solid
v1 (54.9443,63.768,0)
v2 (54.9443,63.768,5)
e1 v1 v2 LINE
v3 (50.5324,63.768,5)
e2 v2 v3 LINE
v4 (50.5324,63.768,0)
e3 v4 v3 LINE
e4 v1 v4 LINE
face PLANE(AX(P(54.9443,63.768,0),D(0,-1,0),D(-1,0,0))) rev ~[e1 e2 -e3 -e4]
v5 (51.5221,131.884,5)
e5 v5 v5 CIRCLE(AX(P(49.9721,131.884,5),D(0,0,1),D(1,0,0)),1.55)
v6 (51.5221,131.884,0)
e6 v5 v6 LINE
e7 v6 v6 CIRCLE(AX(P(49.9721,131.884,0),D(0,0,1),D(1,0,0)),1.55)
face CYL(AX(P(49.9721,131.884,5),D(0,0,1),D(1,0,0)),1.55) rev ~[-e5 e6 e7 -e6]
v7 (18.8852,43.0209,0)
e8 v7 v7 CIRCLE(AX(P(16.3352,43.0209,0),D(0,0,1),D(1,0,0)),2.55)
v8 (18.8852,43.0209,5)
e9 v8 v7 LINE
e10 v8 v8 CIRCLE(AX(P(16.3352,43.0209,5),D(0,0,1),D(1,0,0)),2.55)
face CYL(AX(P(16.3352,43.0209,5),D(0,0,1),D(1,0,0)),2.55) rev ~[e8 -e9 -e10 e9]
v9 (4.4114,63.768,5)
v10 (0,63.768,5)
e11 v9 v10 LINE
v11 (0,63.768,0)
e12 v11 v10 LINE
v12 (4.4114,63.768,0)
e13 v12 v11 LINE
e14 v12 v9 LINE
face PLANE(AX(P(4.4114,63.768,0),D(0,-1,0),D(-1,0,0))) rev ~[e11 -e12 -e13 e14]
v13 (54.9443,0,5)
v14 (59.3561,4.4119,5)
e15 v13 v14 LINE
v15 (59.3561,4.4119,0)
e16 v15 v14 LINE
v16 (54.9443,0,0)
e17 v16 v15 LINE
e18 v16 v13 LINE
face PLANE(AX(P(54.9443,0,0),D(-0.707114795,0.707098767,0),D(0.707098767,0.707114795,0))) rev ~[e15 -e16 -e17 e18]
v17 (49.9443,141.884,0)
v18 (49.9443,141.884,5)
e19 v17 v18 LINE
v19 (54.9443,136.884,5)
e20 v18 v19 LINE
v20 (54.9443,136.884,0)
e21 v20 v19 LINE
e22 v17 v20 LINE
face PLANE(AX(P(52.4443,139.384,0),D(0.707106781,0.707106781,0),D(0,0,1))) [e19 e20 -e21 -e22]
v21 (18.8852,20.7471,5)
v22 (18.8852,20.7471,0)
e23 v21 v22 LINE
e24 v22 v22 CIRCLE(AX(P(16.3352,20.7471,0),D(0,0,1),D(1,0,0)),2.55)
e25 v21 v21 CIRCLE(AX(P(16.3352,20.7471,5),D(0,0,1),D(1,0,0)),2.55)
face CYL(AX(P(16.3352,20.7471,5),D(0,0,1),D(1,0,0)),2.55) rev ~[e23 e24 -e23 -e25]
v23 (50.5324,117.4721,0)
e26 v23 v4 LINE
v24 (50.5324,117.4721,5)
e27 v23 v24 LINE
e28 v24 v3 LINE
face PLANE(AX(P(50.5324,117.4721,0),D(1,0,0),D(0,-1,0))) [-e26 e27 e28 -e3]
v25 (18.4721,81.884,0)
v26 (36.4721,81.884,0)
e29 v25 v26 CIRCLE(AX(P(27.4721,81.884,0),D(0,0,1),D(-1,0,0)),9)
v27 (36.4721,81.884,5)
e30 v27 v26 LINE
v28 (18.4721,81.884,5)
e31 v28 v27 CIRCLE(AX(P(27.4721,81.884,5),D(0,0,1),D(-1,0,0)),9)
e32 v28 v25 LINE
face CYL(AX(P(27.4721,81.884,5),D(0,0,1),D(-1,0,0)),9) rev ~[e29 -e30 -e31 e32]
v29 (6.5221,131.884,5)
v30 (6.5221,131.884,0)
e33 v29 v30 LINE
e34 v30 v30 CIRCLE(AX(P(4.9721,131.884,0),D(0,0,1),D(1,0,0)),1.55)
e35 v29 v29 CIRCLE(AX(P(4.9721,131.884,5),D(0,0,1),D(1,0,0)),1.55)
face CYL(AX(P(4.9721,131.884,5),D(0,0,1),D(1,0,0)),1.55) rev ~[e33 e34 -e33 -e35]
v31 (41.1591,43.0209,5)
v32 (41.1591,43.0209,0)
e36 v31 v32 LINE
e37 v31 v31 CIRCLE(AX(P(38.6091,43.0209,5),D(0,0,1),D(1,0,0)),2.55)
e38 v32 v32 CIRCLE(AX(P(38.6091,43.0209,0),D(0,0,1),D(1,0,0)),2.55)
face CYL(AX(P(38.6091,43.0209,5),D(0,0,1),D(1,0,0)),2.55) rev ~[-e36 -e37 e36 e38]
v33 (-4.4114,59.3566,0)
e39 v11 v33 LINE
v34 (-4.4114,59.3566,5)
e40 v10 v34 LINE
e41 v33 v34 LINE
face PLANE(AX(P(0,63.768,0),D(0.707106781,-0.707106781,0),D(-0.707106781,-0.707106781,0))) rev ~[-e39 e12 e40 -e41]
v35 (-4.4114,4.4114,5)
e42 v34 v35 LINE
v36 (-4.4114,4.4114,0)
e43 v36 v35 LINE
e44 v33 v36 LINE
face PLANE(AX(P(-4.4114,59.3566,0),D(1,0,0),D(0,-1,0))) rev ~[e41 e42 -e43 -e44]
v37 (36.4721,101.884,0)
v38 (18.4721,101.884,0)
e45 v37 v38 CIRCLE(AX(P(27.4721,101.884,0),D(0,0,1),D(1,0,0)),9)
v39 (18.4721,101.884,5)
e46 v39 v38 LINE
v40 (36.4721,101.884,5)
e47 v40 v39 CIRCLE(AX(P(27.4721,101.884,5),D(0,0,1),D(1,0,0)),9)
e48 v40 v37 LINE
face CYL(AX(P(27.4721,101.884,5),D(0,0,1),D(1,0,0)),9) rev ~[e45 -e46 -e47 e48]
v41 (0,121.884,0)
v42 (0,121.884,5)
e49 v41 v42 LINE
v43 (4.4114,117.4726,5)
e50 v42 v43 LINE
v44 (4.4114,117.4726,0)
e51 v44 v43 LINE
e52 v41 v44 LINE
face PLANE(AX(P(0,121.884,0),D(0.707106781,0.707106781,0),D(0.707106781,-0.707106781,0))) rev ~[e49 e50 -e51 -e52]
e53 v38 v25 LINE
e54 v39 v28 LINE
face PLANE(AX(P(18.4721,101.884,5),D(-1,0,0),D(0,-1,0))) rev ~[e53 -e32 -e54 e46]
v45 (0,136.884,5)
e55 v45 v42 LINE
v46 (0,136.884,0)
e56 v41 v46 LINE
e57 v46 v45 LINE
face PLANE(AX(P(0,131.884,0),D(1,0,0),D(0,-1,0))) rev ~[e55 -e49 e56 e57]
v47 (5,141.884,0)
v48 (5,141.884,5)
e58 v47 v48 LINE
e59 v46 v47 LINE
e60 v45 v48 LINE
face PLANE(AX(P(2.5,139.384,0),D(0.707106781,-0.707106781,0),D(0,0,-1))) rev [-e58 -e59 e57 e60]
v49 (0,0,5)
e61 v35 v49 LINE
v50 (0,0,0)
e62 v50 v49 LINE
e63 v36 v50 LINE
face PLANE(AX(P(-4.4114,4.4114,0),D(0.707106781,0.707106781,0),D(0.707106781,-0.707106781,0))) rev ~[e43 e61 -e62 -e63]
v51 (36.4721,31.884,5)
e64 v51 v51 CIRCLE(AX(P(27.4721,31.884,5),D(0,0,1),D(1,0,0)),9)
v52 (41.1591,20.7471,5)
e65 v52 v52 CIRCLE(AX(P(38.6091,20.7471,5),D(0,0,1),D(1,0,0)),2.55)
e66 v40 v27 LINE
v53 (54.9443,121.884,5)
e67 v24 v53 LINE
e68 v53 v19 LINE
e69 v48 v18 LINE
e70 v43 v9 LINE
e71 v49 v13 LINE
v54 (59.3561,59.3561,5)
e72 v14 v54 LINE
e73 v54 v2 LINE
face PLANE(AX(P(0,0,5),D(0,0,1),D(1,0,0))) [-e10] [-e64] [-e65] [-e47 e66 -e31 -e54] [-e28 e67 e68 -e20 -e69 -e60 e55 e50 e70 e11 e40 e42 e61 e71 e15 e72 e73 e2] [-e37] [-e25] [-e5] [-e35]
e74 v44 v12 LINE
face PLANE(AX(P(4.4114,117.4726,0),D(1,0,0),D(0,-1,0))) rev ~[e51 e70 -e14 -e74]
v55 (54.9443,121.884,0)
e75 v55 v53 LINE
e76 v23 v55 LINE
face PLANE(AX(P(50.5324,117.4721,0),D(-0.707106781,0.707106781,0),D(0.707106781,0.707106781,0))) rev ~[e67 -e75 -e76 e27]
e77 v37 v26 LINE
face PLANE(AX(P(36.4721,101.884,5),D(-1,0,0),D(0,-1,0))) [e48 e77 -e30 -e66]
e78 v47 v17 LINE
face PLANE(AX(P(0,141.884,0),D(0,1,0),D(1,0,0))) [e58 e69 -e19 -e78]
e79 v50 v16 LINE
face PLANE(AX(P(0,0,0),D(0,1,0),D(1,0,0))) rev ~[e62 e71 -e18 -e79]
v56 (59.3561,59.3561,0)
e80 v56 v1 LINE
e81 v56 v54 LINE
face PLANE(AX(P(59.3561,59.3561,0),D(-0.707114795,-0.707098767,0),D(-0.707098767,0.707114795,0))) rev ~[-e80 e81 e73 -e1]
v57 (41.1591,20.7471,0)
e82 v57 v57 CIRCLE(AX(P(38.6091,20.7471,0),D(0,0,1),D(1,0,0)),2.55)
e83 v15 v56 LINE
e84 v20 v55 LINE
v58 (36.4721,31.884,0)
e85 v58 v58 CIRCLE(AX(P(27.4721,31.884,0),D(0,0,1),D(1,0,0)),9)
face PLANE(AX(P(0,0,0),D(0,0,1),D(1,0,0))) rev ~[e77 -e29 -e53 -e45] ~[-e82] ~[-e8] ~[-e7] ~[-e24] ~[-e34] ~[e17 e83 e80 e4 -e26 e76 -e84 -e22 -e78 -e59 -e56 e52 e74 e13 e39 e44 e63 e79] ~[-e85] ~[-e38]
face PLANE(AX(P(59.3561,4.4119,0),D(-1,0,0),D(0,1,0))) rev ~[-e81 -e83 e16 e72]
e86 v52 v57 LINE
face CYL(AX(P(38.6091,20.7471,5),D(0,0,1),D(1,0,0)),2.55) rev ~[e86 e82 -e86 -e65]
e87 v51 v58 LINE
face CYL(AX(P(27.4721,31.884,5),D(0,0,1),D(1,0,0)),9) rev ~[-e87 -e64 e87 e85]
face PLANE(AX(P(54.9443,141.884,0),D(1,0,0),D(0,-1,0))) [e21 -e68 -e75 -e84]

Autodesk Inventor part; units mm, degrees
ref_plane "YZ Plane" through (0, 0, 0) normal (1, 0, 0) x (0, 1, 0)
ref_plane "XZ Plane" through (0, 0, 0) normal (0, 1, 0) x (-1, 0, 0)
ref_plane "XY Plane" through (0, 0, 0) normal (0, 0, 1) x (1, 0, 0)
sketch "Sketch1" plane through (0, 0, 0) normal (0, 0, 1) x (1, 0, 0)
  line L0 (0, 0) -> (54.9443, 0)
  line L1 (54.9443, 0) -> (59.3561, 4.4119)
  line L2 (59.3561, 4.4119) -> (59.3561, 59.3561)
  line L3 (59.3561, 59.3561) -> (54.9443, 63.768)
  line L4 (54.9443, 63.768) -> (0, 63.768)
  line L5 (0, 63.768) -> (-4.4114, 59.3566)
  line L6 (-4.4114, 59.3566) -> (-4.4114, 4.4114)
  line L7 (-4.4114, 4.4114) -> (0, 0)
  circle A0 centre (38.6091, 43.0209) radius 2.5
  circle A1 centre (16.3352, 43.0209) radius 2.5
  circle A2 centre (38.6091, 20.7471) radius 2.5
  circle A3 centre (16.3352, 20.7471) radius 2.5
  circle A4 centre (4.9721, 131.884) radius 1.5
  circle A5 centre (49.9721, 131.884) radius 1.5
  line L8 (0, 131.884) -> (0, 141.884)
  line L9 (0, 141.884) -> (54.9443, 141.884)
  line L10 (54.9443, 141.884) -> (54.9443, 131.884)
  line L11 (0, 131.884) -> (0, 121.884)
  line L12 (54.9443, 121.884) -> (54.9443, 131.884)
  line L13 (0, 121.884) -> (4.4114, 117.4726)
  line L14 (50.5324, 117.4721) -> (54.9443, 121.884)
  line L15 (4.4114, 117.4726) -> (4.4114, 63.768)
  line L16 (50.5324, 117.4721) -> (50.5324, 63.768)
  dimension "d3" = 3
  dimension "d4" = 3
  dimension "d5" = 10
  dimension "d6" = 10
extrude "Extrusion1" add sketch "Sketch1" along normal blind 5
chamfer "Chamfer1" distance 5 angle 45 2 edges at (0, 141.884, 2.5) (54.9443, 141.884, 2.5)
sketch "Sketch2" plane through (0, 0, 5) normal (0, 0, 1) x (1, 0, 0)
  line L0 (49.9443, 141.884) -> (54.9443, 136.884) projected
  line L1 (49.9443, 141.884) -> (5, 141.884) projected
  line L2 (0, 136.884) -> (5, 141.884) projected
  line L3 (0, 136.884) -> (0, 121.884) projected
  line L4 (0, 121.884) -> (4.4114, 117.4726) projected
  line L5 (4.4114, 117.4726) -> (4.4114, 63.768) projected
  line L6 (4.4114, 63.768) -> (0, 63.768) projected
  line L7 (0, 63.768) -> (-4.4114, 59.3566) projected
  line L8 (-4.4114, 59.3566) -> (-4.4114, 4.4114) projected
  line L9 (-4.4114, 4.4114) -> (0, 0) projected
  line L10 (0, 0) -> (54.9443, 0) projected
  line L11 (54.9443, 0) -> (59.3561, 4.4119) projected
  line L12 (59.3561, 4.4119) -> (59.3561, 59.3561) projected
  line L13 (59.3561, 59.3561) -> (54.9443, 63.768) projected
  line L14 (54.9443, 63.768) -> (50.5324, 63.768) projected
  line L15 (50.5324, 63.768) -> (50.5324, 117.4721) projected
  line L16 (50.5324, 117.4721) -> (54.9443, 121.884) projected
  line L17 (54.9443, 121.884) -> (54.9443, 136.884) projected
  circle A0 centre (49.9721, 131.884) radius 1.5 projected
  circle A1 centre (4.9721, 131.884) radius 1.5 projected
  circle A2 centre (38.6091, 20.7471) radius 2.5 projected
  circle A3 centre (38.6091, 43.0209) radius 2.5 projected
  circle A4 centre (16.3352, 43.0209) radius 2.5 projected
  circle A5 centre (16.3352, 20.7471) radius 2.5 projected
  circle A6 centre (27.4721, 31.884) radius 9
  dimension "d12" = 18
extrude "Extrusion2" cut sketch "Sketch2" against normal blind 5 contours A6
sketch "Sketch3" plane through (0, 0, 5) normal (0, 0, 1) x (1, 0, 0)
  arc A0 (36.4721, 101.884) -> (18.4721, 101.884) centre (27.4721, 101.884) ccw
  line L0 (18.4721, 101.884) -> (18.4721, 81.884)
  line L1 (36.4721, 101.884) -> (36.4721, 81.884)
  circle A1 centre (27.4721, 31.884) radius 9 projected
  line L2 (27.4721, 71.884) -> (27.4721, 81.884)
  arc A2 (18.4721, 81.884) -> (36.4721, 81.884) centre (27.4721, 81.884) ccw
  point P0 (0, 0)
  dimension "d16" = 18
  dimension "d20" = 10
  dimension "d21" = 18
extrude "Extrusion3" cut sketch "Sketch3" against normal blind 10 contours L1 A2 L0 A0
sketch "Sketch4" plane through (0, 0, 5) normal (0, 0, 1) x (1, 0, 0)
  circle A0 centre (16.3352, 43.0209) radius 2.5 projected
  circle A1 centre (16.3352, 43.0209) radius 2.55
  circle A2 centre (38.6091, 43.0209) radius 2.5 projected
  circle A3 centre (38.6091, 43.0209) radius 2.55
  circle A4 centre (38.6091, 20.7471) radius 2.5 projected
  circle A5 centre (38.6091, 20.7471) radius 2.55
  circle A6 centre (16.3352, 20.7471) radius 2.5 projected
  circle A7 centre (16.3352, 20.7471) radius 2.55
  circle A8 centre (4.9721, 131.884) radius 1.5 projected
  circle A9 centre (4.9721, 131.884) radius 1.55
  circle A10 centre (49.9721, 131.884) radius 1.5 projected
  circle A11 centre (49.9721, 131.884) radius 1.55
  point P0 (0, 0)
  dimension "d22" = 5.1
  dimension "d23" = 5.1
  dimension "d24" = 5.1
  dimension "d25" = 5.1
  dimension "d26" = 3.1
  dimension "d27" = 3.1
extrude "Extrusion4" cut sketch "Sketch4" against normal blind 10 contours A0 | A1 | A2 | A3 | A4 | A5 | A6 | A7 | A8 | A9 | A10 | A11
properties part number "Part1_Camera"
